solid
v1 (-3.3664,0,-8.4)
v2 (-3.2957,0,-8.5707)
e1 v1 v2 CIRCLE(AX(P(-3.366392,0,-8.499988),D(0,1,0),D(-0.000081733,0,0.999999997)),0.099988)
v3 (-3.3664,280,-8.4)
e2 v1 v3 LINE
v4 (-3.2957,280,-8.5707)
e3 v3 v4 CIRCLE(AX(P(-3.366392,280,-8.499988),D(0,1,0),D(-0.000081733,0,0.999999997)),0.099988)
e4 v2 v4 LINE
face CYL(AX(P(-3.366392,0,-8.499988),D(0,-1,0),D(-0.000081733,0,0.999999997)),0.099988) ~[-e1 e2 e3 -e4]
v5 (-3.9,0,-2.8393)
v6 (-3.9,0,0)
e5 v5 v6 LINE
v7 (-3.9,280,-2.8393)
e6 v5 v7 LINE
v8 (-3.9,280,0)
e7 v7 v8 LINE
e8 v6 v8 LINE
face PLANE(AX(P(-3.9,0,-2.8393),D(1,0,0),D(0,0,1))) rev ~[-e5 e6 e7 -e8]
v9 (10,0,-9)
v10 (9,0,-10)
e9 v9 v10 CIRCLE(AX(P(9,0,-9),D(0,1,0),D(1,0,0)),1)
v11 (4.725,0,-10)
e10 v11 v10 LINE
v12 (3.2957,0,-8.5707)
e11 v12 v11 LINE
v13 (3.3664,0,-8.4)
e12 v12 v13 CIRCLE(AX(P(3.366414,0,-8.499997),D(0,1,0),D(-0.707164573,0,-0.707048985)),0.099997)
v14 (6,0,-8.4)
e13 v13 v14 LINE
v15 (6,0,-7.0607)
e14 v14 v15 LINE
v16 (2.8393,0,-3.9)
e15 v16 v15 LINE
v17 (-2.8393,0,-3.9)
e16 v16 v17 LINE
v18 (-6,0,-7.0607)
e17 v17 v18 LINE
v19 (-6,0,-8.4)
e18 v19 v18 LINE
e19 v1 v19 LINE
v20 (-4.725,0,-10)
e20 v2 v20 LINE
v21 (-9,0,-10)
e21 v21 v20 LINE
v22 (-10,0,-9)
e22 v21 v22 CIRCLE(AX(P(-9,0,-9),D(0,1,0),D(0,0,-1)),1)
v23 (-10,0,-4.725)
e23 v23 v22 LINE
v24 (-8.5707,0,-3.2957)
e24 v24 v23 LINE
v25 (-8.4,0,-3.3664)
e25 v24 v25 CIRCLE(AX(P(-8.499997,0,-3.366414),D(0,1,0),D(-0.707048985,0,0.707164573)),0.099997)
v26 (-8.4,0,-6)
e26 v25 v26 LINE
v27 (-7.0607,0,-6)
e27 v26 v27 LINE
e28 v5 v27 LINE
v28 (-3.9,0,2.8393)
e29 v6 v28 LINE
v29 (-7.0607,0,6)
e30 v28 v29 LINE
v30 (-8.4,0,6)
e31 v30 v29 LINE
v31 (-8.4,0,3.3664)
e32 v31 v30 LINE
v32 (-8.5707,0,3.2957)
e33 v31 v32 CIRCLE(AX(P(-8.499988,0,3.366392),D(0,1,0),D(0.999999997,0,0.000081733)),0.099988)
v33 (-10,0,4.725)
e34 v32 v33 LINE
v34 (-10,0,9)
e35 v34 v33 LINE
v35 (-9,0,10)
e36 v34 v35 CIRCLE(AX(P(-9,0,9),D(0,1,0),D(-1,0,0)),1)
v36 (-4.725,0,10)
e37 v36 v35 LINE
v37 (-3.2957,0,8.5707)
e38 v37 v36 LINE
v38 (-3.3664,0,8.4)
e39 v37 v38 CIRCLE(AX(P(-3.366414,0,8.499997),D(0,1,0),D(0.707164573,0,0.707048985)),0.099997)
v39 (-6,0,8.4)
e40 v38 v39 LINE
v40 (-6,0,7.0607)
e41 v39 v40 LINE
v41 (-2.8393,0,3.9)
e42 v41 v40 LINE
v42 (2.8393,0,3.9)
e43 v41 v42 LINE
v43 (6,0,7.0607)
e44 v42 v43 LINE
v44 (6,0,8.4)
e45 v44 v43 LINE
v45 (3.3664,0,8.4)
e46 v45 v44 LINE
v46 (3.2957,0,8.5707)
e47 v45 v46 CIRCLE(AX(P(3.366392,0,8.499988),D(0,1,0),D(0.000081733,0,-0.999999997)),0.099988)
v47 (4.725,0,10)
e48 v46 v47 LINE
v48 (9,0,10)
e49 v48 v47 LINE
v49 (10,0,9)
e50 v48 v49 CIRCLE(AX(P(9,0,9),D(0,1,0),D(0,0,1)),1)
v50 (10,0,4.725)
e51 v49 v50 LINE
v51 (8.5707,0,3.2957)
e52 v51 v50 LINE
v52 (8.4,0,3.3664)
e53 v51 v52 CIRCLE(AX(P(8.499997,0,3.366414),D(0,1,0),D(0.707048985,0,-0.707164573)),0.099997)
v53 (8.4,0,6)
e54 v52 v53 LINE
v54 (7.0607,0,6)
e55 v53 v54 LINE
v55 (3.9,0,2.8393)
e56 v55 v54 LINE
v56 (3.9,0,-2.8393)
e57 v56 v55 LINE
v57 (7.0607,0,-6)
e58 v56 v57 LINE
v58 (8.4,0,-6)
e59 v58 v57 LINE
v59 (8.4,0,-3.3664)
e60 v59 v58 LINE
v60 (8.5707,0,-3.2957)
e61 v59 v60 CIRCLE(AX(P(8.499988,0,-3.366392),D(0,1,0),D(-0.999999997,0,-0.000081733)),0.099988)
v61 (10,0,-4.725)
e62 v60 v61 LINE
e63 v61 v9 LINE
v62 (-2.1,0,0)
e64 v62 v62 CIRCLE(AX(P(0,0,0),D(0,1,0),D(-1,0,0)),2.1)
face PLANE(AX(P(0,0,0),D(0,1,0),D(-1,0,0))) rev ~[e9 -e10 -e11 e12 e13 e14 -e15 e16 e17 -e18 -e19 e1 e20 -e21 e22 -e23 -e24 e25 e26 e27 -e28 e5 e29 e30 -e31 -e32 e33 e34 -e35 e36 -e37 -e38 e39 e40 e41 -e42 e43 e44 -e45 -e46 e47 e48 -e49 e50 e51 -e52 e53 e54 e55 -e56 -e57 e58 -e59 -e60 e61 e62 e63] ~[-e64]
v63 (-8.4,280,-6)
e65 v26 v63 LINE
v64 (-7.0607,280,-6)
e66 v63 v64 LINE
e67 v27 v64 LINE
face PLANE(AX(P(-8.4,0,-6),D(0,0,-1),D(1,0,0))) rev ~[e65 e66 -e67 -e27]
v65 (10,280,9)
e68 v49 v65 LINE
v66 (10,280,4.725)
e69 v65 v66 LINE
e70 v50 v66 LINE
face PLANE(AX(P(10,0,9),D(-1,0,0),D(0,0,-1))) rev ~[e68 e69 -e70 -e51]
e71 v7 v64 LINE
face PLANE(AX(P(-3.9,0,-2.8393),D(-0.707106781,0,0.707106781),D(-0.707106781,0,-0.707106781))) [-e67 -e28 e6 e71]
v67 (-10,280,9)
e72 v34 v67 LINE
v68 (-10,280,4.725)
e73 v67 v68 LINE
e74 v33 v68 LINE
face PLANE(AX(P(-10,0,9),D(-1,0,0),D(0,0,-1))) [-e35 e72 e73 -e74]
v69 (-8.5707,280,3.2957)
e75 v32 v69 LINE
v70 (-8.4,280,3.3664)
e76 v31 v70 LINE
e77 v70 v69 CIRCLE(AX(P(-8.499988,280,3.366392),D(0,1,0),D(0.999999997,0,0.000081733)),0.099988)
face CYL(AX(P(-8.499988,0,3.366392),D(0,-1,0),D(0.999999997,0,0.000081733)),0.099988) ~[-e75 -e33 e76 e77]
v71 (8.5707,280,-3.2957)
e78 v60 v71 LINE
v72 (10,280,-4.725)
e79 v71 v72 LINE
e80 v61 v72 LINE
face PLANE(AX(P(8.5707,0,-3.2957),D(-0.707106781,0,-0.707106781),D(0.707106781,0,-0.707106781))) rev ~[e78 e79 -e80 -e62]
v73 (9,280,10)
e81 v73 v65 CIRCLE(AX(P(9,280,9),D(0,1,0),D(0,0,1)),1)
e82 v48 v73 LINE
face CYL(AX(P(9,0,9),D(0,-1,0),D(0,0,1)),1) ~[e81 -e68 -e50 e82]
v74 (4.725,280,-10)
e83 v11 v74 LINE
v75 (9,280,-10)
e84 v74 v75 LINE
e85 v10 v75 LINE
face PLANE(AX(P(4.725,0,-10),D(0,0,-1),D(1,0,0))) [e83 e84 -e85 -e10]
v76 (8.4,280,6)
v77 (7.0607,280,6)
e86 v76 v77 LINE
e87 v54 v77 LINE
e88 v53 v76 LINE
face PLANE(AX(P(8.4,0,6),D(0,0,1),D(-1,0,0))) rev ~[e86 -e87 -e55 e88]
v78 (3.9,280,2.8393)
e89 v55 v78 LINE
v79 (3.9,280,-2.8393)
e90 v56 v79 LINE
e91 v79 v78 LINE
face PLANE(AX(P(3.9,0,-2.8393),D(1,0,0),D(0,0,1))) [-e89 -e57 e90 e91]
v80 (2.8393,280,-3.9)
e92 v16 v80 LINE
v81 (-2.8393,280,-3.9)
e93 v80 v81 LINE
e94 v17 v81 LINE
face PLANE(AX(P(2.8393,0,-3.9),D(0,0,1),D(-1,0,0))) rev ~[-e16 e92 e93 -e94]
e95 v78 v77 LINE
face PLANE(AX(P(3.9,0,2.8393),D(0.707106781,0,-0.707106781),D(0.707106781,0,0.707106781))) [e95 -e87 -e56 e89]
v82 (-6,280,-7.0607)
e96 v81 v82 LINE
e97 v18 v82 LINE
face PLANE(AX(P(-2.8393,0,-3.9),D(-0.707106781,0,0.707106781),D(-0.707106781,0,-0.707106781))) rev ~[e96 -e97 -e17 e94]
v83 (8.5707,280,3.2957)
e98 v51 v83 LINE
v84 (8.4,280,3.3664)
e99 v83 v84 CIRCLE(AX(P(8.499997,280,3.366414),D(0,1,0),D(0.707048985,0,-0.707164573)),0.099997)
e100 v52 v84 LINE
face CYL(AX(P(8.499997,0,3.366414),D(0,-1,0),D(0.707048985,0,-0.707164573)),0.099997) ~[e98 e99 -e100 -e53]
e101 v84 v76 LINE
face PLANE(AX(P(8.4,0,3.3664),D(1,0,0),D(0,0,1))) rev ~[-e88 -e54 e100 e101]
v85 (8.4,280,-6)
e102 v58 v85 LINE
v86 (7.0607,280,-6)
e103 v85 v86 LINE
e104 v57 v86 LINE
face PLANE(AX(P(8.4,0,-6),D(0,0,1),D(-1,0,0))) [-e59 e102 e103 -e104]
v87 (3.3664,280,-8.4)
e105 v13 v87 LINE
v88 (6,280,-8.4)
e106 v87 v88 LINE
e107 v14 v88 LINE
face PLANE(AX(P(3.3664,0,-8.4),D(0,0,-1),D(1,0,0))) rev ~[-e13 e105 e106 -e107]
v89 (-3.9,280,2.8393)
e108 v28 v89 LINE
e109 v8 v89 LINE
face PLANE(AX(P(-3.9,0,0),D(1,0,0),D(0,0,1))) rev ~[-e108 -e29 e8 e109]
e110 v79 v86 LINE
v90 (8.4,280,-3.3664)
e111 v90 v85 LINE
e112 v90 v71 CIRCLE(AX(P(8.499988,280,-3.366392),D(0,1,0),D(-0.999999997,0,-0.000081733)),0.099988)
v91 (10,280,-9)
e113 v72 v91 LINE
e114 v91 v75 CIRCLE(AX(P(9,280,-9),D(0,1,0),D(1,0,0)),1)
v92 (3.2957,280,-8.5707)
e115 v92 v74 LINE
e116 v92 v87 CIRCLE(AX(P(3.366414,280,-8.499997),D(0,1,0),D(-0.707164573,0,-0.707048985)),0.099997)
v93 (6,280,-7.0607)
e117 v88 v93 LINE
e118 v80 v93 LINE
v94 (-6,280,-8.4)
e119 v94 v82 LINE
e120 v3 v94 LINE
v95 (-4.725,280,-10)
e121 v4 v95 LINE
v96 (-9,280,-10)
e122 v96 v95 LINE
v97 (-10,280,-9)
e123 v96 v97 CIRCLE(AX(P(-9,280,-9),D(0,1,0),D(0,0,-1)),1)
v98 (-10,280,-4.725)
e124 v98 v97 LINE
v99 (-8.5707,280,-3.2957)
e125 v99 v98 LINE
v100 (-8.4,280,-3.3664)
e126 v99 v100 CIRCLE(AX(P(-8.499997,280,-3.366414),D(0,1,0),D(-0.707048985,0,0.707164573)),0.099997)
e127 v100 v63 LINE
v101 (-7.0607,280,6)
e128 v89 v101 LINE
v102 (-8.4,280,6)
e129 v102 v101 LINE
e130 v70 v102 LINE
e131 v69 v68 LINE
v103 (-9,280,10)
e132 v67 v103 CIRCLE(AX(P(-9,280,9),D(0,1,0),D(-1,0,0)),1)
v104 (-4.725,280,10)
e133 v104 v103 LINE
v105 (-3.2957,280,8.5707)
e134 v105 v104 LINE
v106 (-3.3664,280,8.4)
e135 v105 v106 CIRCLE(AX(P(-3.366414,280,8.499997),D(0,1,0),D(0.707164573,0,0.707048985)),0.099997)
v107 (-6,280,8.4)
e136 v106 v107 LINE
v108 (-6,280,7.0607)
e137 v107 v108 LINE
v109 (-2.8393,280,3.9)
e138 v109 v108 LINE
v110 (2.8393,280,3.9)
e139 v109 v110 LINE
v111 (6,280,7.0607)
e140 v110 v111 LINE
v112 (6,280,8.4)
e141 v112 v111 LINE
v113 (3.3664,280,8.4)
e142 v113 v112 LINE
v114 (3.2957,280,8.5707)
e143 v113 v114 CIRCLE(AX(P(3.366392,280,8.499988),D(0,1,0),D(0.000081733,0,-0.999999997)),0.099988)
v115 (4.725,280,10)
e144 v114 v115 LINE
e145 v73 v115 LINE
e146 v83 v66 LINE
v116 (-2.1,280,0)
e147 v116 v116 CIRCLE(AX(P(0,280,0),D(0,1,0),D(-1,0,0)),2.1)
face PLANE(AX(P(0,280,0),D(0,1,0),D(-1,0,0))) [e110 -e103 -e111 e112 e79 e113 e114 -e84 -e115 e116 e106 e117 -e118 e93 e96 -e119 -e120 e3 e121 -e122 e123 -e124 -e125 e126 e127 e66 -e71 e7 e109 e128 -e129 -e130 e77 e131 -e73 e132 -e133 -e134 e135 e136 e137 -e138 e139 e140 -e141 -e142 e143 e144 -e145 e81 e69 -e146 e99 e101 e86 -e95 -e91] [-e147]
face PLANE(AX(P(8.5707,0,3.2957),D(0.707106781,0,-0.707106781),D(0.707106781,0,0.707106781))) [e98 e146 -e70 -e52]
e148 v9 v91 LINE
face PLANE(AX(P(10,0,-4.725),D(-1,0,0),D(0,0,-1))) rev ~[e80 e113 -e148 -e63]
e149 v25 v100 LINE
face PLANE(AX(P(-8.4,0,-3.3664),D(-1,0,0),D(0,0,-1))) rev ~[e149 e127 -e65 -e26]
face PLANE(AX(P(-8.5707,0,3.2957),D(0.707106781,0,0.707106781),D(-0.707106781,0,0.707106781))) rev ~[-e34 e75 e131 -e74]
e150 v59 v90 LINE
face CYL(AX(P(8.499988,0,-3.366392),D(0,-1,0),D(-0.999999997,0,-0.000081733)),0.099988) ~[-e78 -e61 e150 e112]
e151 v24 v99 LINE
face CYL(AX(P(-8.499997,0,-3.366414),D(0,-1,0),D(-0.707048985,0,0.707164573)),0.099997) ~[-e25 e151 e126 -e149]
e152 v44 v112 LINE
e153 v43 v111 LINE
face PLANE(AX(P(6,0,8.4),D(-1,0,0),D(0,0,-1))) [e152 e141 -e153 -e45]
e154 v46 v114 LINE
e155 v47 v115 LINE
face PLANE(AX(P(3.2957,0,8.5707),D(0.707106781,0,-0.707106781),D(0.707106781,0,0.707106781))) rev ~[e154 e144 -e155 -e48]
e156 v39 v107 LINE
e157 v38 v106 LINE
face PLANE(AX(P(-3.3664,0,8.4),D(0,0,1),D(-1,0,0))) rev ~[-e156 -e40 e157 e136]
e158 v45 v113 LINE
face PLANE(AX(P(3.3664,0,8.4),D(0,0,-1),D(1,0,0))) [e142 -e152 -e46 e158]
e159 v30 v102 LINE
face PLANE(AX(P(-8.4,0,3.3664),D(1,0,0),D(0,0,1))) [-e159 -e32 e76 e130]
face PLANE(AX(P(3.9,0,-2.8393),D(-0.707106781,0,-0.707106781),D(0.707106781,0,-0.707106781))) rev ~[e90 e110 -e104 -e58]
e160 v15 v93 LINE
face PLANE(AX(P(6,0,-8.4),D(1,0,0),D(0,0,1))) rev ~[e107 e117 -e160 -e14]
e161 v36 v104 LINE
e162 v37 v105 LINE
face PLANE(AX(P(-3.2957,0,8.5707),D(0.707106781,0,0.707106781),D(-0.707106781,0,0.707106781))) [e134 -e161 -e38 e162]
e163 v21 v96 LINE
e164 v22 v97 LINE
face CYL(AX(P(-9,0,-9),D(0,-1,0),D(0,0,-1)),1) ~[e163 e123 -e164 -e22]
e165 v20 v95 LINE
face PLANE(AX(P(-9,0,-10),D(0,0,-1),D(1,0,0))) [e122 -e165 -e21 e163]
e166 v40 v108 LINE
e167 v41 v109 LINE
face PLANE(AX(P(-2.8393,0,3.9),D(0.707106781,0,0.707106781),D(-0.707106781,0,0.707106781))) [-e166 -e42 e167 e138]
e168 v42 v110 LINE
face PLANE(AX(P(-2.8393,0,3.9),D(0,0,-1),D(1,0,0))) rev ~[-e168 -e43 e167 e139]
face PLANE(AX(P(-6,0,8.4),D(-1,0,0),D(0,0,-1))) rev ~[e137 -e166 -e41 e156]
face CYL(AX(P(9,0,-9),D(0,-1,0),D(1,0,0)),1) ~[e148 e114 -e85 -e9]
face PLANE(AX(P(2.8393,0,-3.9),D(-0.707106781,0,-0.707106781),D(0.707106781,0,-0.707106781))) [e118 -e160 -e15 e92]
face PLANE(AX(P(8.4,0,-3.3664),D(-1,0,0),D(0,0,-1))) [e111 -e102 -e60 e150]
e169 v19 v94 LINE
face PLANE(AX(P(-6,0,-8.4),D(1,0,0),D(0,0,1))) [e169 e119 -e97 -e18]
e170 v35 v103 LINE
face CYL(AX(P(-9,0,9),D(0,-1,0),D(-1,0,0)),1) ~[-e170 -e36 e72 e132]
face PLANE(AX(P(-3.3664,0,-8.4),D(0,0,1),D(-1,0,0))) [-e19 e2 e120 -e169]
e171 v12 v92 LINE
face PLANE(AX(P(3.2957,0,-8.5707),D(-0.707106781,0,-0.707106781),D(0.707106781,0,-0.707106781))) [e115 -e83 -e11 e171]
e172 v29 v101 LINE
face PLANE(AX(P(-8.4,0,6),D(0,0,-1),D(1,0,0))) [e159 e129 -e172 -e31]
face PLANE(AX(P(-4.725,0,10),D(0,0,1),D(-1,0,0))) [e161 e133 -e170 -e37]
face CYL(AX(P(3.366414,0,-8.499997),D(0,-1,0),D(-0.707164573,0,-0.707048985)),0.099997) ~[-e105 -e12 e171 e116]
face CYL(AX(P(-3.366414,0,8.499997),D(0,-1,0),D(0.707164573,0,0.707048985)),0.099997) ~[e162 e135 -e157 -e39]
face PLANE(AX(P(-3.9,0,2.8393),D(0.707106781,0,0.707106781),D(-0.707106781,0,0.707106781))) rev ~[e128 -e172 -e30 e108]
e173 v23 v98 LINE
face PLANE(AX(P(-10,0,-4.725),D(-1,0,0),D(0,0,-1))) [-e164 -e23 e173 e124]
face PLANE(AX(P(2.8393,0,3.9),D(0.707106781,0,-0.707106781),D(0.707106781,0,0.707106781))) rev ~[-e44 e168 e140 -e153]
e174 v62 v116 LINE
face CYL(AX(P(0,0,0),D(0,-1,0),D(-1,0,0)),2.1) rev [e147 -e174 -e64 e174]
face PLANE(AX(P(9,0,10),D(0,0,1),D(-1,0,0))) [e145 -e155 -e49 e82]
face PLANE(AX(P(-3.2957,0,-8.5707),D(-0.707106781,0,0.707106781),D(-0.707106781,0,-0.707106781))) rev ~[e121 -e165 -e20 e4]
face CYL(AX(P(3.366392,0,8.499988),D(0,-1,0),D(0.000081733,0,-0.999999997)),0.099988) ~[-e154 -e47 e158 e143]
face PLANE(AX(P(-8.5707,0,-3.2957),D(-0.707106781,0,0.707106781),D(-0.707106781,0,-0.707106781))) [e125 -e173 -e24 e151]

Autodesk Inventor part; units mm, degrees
ref_plane "YZ Plane" through (0, 0, 0) normal (1, 0, 0) x (0, 1, 0)
ref_plane "XZ Plane" through (0, 0, 0) normal (0, 1, 0) x (-1, 0, 0)
ref_plane "XY Plane" through (0, 0, 0) normal (0, 0, 1) x (1, 0, 0)
sketch "Sketch1" plane through (0, 0, 0) normal (0, 1, 0) x (-1, 0, 0)
  line L0 (3.9, -2.8393) -> (3.9, 2.8393)
  line L1 (2.8393, 3.9) -> (-2.8393, 3.9)
  line L2 (-2.8393, -3.9) -> (2.8393, -3.9)
  line L3 (8.5707, 3.2957) -> (10, 4.725)
  line L4 (8.5707, -3.2957) -> (10, -4.725)
  line L5 (8.4, 3.3664) -> (8.4, 6)
  line L6 (8.4, 6) -> (7.0607, 6)
  line L7 (10, 9) -> (10, 4.725)
  line L8 (10, -4.725) -> (10, -9)
  line L9 (3.9, 2.8393) -> (7.0607, 6)
  line L10 (3.2957, 8.5707) -> (4.725, 10)
  line L11 (3.3664, 8.4) -> (6, 8.4)
  line L12 (6, 8.4) -> (6, 7.0607)
  line L13 (2.8393, 3.9) -> (6, 7.0607)
  line L14 (3.9, 0) -> (8.4, 0)
  line L15 (8.4, -3.3664) -> (8.4, -6)
  line L16 (8.4, -6) -> (7.0607, -6)
  line L17 (3.9, -2.8393) -> (7.0607, -6)
  line L18 (3.2957, -8.5707) -> (4.725, -10)
  line L19 (3.3664, -8.4) -> (6, -8.4)
  line L20 (6, -8.4) -> (6, -7.0607)
  line L21 (2.8393, -3.9) -> (6, -7.0607)
  line L22 (-3.9, -2.8393) -> (-3.9, 2.8393)
  line L23 (-8.5707, 3.2957) -> (-10, 4.725)
  line L24 (-8.5707, -3.2957) -> (-10, -4.725)
  line L25 (-8.4, 3.3664) -> (-8.4, 6)
  line L26 (-8.4, 6) -> (-7.0607, 6)
  line L27 (-10, 9) -> (-10, 4.725)
  line L28 (-10, -4.725) -> (-10, -9)
  line L29 (-3.9, 2.8393) -> (-7.0607, 6)
  line L30 (-3.2957, 8.5707) -> (-4.725, 10)
  line L31 (-3.3664, 8.4) -> (-6, 8.4)
  line L32 (-6, 8.4) -> (-6, 7.0607)
  line L33 (-2.8393, 3.9) -> (-6, 7.0607)
  line L34 (-3.9, -2.8393) -> (-7.0607, -6)
  line L35 (-8.4, -6) -> (-7.0607, -6)
  line L36 (-8.4, -3.3664) -> (-8.4, -6)
  line L37 (-2.8393, -3.9) -> (-6, -7.0607)
  line L38 (-6, -8.4) -> (-6, -7.0607)
  line L39 (-3.3664, -8.4) -> (-6, -8.4)
  line L40 (-3.2957, -8.5707) -> (-4.725, -10)
  line L41 (-9, 10) -> (-4.725, 10)
  line L42 (4.725, 10) -> (9, 10)
  line L43 (9, -10) -> (4.725, -10)
  line L44 (-4.725, -10) -> (-9, -10)
  circle A0 centre (0, 0) radius 2.1
  arc A1 (10, 9) -> (9, 10) centre (9, 9) ccw
  arc A2 (9, -10) -> (10, -9) centre (9, -9) ccw
  arc A3 (-10, -9) -> (-9, -10) centre (-9, -9) ccw
  arc A4 (-9, 10) -> (-10, 9) centre (-9, 9) ccw
  arc A5 (8.4, 3.3664) -> (8.5707, 3.2957) centre (8.5, 3.3664) ccw
  arc A6 (3.2957, 8.5707) -> (3.3664, 8.4) centre (3.3664, 8.5) ccw
  arc A7 (8.5707, -3.2957) -> (8.4, -3.3664) centre (8.5, -3.3664) ccw
  arc A8 (3.3664, -8.4) -> (3.2957, -8.5707) centre (3.3664, -8.5) ccw
  arc A9 (-3.2957, -8.5707) -> (-3.3664, -8.4) centre (-3.3664, -8.5) ccw
  arc A10 (-8.4, -3.3664) -> (-8.5707, -3.2957) centre (-8.5, -3.3664) ccw
  arc A11 (-8.5707, 3.2957) -> (-8.4, 3.3664) centre (-8.5, 3.3664) ccw
  arc A12 (-3.3664, 8.4) -> (-3.2957, 8.5707) centre (-3.3664, 8.5) ccw
  dimension "d11" = 1
extrude "Extrusion1" add sketch "Sketch1" along normal blind 280
properties part number "VSLOT20x20x280"
